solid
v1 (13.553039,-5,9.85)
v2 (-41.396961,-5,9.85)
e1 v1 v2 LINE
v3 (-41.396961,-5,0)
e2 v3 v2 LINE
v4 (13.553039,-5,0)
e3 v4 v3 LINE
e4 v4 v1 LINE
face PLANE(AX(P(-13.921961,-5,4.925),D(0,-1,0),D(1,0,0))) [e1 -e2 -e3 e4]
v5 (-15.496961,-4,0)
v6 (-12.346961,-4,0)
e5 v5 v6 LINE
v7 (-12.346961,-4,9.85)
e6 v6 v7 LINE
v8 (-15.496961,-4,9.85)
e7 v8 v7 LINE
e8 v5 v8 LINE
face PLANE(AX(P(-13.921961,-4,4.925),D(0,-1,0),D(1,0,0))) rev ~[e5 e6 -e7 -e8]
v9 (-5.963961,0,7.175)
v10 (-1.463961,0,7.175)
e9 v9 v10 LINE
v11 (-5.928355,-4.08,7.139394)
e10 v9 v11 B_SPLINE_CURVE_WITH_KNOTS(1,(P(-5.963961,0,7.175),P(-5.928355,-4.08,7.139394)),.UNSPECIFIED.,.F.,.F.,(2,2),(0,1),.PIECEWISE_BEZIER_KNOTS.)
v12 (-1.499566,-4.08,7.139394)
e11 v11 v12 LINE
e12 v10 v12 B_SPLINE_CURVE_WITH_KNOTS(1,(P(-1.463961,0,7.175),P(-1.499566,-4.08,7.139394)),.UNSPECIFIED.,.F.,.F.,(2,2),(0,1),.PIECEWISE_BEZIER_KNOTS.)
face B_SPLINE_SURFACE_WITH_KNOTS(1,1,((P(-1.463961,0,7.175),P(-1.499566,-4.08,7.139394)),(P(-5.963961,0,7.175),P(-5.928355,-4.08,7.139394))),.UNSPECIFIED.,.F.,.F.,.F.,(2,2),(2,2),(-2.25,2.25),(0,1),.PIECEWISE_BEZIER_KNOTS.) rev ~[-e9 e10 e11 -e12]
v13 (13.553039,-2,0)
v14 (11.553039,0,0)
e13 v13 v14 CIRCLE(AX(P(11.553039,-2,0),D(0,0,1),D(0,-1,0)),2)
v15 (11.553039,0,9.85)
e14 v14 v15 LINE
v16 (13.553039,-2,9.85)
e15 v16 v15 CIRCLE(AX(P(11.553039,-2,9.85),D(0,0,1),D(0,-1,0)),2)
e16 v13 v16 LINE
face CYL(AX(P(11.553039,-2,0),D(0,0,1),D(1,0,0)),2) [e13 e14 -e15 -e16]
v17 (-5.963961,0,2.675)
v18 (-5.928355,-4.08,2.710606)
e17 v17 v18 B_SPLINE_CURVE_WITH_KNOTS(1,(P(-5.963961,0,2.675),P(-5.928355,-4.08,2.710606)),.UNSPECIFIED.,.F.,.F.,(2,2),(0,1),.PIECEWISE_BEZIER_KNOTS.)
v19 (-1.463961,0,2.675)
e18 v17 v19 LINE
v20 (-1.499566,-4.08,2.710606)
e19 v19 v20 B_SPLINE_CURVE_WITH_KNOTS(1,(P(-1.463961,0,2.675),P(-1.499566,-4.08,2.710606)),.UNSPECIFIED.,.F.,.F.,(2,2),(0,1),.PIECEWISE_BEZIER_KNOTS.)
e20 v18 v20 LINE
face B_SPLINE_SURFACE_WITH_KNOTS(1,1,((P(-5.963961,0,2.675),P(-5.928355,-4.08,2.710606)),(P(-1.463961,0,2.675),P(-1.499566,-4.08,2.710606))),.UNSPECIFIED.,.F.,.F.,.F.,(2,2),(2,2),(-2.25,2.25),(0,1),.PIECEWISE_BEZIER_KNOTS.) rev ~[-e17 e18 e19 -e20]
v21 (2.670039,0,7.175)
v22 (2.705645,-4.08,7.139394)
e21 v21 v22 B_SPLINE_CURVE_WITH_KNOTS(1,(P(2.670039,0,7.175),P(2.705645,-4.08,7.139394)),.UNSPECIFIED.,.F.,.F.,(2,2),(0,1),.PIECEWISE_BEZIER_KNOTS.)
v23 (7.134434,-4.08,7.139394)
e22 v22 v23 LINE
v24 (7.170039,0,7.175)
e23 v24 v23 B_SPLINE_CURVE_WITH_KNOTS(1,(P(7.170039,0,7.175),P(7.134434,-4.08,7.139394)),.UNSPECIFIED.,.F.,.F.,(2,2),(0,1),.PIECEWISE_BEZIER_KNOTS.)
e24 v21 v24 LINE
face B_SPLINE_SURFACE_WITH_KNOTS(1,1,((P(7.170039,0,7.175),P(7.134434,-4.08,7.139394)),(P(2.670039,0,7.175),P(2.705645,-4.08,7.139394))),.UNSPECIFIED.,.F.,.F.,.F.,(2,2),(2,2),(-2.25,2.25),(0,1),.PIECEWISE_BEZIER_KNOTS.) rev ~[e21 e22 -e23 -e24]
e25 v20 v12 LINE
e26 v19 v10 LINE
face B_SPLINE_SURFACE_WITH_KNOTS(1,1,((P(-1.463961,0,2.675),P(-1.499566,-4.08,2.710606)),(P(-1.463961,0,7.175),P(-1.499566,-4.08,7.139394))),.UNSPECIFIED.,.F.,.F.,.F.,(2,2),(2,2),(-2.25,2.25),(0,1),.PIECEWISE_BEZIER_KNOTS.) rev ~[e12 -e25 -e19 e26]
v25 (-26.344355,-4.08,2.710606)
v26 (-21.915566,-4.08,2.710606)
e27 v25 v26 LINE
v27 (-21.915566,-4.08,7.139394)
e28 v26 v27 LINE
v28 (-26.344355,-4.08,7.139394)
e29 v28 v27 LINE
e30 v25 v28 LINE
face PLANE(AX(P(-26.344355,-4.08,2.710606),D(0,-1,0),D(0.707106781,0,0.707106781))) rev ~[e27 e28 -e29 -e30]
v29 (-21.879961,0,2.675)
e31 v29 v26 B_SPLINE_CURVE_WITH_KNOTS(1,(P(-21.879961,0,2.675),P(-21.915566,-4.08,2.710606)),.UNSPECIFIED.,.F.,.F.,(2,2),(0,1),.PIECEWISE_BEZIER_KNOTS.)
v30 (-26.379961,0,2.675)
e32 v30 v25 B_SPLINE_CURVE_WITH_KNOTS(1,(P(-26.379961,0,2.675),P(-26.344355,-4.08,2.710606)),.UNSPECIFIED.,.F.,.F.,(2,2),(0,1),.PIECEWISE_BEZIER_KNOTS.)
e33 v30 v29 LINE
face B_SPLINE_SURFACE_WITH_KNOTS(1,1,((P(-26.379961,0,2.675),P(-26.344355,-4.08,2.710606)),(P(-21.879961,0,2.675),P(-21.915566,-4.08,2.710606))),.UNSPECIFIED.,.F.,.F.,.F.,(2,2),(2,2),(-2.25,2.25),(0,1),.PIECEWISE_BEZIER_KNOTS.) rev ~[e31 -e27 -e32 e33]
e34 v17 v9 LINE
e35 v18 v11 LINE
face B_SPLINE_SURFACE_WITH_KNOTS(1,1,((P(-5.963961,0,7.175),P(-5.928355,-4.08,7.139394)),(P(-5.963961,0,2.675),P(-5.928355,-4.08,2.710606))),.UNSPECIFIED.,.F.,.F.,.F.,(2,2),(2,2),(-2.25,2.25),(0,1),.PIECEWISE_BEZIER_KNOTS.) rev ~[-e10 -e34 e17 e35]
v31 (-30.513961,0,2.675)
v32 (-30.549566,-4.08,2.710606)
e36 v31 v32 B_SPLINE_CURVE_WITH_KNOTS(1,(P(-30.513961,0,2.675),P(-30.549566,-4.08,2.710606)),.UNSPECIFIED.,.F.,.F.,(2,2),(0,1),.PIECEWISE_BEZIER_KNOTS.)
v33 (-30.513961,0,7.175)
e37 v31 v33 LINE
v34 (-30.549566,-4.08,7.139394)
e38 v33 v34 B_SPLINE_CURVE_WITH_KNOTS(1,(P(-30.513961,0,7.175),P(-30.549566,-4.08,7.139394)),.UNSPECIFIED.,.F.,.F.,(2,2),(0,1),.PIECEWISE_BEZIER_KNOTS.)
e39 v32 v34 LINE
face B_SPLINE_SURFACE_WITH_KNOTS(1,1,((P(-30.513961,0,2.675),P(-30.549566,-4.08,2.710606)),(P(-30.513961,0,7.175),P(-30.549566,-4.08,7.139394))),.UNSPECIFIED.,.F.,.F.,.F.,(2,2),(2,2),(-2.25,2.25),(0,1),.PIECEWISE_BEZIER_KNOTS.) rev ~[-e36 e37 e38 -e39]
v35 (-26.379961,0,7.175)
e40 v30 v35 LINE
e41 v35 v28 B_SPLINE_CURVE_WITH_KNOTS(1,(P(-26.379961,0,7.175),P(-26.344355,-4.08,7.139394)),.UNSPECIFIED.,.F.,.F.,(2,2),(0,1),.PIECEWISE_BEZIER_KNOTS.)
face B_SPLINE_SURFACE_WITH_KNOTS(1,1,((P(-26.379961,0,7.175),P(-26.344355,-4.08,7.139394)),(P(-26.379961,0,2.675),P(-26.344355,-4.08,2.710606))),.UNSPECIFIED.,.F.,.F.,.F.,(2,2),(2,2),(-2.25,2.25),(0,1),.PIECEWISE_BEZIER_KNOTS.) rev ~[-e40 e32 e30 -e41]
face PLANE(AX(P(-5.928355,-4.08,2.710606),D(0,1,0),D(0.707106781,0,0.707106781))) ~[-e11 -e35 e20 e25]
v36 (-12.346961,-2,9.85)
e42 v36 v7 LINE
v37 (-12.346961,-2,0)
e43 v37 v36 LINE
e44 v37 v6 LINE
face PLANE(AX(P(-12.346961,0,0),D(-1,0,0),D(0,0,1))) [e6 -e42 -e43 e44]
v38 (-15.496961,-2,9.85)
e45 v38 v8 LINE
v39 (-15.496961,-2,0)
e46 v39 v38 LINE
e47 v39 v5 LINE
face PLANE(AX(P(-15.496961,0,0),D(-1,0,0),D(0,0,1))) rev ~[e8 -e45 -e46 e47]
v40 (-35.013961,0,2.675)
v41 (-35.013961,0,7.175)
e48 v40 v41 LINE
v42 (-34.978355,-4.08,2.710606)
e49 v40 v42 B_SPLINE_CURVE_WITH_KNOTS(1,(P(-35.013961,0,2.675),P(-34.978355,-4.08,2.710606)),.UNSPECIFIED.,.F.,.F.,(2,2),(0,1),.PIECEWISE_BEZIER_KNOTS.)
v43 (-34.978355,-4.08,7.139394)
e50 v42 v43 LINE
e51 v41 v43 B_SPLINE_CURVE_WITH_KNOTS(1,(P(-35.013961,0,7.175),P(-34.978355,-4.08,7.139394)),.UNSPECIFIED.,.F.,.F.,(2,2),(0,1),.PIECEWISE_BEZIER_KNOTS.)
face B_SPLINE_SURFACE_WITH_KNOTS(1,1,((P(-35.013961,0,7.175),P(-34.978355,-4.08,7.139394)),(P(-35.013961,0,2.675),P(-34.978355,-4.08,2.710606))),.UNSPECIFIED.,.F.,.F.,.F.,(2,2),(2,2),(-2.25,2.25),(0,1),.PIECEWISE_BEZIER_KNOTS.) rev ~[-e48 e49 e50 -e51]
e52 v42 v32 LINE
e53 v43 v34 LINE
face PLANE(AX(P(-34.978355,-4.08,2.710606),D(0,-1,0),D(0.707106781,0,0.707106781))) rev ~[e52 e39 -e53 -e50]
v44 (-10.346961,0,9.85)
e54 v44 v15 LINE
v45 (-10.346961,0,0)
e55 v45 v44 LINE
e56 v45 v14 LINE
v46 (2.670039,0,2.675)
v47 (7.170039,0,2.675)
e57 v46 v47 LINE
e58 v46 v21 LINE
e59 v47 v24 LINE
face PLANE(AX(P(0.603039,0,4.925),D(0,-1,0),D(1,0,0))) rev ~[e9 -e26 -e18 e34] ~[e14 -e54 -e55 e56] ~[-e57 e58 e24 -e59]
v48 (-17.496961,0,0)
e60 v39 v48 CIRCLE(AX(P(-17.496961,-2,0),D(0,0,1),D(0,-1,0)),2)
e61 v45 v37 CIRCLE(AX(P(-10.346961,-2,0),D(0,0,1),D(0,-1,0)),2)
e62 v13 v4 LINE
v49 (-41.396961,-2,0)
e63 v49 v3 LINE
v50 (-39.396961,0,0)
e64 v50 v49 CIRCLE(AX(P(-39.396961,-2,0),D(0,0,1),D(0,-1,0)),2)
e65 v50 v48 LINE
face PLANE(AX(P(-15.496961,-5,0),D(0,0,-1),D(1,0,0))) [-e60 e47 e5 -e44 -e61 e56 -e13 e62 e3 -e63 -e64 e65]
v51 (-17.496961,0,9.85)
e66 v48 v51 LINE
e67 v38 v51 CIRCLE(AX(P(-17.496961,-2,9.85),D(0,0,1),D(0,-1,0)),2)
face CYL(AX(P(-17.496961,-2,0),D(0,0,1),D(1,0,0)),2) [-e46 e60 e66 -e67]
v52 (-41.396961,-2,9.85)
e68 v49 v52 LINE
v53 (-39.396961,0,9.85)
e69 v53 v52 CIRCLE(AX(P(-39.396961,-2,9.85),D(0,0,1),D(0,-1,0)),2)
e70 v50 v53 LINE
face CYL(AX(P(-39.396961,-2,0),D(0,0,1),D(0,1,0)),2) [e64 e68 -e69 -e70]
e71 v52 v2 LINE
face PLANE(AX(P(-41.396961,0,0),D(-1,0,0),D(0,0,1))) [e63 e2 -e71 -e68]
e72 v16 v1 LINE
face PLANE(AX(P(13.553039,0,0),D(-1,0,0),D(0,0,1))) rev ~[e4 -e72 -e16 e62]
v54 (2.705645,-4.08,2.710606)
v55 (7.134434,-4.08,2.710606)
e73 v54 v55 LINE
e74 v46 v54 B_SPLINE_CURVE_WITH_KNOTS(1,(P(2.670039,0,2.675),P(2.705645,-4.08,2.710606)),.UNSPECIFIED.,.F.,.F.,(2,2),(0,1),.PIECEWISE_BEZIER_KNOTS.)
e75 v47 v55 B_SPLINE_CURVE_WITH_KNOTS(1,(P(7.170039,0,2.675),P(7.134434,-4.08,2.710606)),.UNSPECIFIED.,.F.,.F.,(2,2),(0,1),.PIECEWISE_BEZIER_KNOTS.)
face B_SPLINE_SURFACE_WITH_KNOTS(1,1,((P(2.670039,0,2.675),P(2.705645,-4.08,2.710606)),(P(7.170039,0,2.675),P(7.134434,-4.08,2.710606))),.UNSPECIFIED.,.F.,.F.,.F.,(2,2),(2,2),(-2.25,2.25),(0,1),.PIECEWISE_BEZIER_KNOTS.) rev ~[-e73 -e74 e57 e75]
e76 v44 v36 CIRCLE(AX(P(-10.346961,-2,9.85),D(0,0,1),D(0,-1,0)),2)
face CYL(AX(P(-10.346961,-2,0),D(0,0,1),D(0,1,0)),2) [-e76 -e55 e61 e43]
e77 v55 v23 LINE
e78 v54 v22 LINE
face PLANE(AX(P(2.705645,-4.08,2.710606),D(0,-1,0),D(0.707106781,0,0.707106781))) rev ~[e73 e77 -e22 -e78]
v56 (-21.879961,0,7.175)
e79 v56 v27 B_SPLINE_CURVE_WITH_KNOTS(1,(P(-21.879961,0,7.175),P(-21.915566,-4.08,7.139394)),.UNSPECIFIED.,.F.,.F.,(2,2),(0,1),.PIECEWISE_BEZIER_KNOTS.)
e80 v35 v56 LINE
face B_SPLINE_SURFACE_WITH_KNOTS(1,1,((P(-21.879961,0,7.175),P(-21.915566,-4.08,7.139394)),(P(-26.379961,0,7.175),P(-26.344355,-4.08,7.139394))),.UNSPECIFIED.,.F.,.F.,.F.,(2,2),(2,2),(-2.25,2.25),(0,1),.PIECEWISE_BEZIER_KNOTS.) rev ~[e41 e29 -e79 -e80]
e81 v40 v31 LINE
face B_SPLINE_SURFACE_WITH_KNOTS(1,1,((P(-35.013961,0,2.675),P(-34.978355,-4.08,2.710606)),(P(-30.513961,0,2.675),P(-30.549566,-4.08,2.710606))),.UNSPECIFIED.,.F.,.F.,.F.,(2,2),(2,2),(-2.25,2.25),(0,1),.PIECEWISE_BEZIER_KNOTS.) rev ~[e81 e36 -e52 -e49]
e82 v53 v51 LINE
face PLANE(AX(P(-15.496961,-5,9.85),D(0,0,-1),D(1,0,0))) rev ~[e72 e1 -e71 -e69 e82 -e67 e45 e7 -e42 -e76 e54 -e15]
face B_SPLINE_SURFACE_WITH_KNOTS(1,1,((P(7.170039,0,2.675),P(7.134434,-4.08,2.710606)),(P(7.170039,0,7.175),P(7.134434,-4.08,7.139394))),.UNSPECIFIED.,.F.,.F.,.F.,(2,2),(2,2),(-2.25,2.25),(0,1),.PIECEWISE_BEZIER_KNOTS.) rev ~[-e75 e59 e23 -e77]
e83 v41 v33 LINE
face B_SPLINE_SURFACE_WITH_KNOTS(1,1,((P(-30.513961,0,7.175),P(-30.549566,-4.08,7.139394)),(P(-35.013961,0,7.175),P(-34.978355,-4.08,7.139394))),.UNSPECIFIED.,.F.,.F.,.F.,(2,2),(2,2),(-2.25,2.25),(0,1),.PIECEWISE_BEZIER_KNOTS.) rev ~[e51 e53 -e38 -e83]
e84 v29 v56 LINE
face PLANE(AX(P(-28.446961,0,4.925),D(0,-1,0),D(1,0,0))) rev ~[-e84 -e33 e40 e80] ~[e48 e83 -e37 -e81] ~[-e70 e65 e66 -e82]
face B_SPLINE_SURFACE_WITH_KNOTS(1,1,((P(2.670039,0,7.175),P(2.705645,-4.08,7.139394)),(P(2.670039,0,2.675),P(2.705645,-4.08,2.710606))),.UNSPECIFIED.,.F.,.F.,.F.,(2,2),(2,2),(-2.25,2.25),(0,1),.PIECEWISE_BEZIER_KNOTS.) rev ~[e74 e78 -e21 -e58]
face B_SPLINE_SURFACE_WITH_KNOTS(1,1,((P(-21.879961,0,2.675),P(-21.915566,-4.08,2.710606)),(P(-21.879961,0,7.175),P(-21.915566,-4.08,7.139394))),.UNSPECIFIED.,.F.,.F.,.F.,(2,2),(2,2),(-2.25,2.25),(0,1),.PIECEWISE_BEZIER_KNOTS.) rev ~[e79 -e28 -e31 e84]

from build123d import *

# Parameters (mm, degrees)
F0_W     = 25.9
F0_H     = 9.85
F0_W_2   = 4.5
F0_H_2   = 4.5
F1_DEPTH = 5
F2_DEPTH = 4.08
F2_TAPER = 0.5
F3_W     = 3.15
F3_H     = 9.85
F4_DEPTH = 1
F5_R     = 2


with BuildPart() as f1:
    # F0 (on Front) → F1 (new body)
    with BuildSketch(Plane.XZ):
        with Locations((-28.4469606161, 4.925)):
            Rectangle(F0_W, F0_H)
        with Locations((-32.7639606161, 4.925)):
            Rectangle(F0_W_2, F0_H_2, mode=Mode.SUBTRACT)
        with Locations((-24.1299606161, 4.925)):
            Rectangle(F0_W_2, F0_H_2, mode=Mode.SUBTRACT)
        with Locations((-24.1299606161, 4.925)):
            Rectangle(F0_W_2, F0_H_2)
        with Locations((-32.7639606161, 4.925)):
            Rectangle(F0_W_2, F0_H_2)
    extrude(amount=F1_DEPTH)


with BuildPart() as f1b:
    # F0 (on Front) → F1, piece 2 (new body)
    with BuildSketch(Plane.XZ):
        with Locations((0.6030393839, 4.925)):
            Rectangle(F0_W, F0_H)
        with Locations((-3.7139606161, 4.925)):
            Rectangle(F0_W_2, F0_H_2, mode=Mode.SUBTRACT)
        with Locations((4.9200393839, 4.925)):
            Rectangle(F0_W_2, F0_H_2, mode=Mode.SUBTRACT)
        with Locations((4.9200393839, 4.925)):
            Rectangle(F0_W_2, F0_H_2)
        with Locations((-3.7139606161, 4.925)):
            Rectangle(F0_W_2, F0_H_2)
    extrude(amount=F1_DEPTH)


with BuildPart() as f2_tool:
    # F0 (on Front) → F2 (new body)
    with BuildSketch(Plane.XZ):
        with Locations((4.9200393839, 4.925)):
            Rectangle(F0_W_2, F0_H_2)
        with Locations((-3.7139606161, 4.925)):
            Rectangle(F0_W_2, F0_H_2)
        with Locations((-24.1299606161, 4.925)):
            Rectangle(F0_W_2, F0_H_2)
        with Locations((-32.7639606161, 4.925)):
            Rectangle(F0_W_2, F0_H_2)
    extrude(amount=F2_DEPTH, taper=F2_TAPER)


with BuildPart() as f1_1:
    add(f1.part)

    # F2: cut by f2_tool
    add(f2_tool.part, mode=Mode.SUBTRACT)



with BuildPart() as f1b_1:
    add(f1b.part)

    # F2: cut by f2_tool
    add(f2_tool.part, mode=Mode.SUBTRACT)


with BuildPart() as f1_2:
    add(f1_1.part)

    add(f1b_1.part)  # F4 merges F1b
    # F3 (on face) → F4 (join)
    with BuildSketch(Plane.XZ.offset(5)):
        with Locations((-13.9219606161, 4.925)):
            Rectangle(F3_W, F3_H)
    extrude(amount=-F4_DEPTH)

    # F5
    f5_edges = [f1_2.edges().sort_by_distance(p)[0] for p in [
        (-12.346961, 0, 4.925),
        (-15.496961, 0, 4.925),
        (13.553039, 0, 4.925),
        (-41.396961, 0, 4.925),
    ]]
    fillet(f5_edges, radius=F5_R)


solid = f1_2.part
